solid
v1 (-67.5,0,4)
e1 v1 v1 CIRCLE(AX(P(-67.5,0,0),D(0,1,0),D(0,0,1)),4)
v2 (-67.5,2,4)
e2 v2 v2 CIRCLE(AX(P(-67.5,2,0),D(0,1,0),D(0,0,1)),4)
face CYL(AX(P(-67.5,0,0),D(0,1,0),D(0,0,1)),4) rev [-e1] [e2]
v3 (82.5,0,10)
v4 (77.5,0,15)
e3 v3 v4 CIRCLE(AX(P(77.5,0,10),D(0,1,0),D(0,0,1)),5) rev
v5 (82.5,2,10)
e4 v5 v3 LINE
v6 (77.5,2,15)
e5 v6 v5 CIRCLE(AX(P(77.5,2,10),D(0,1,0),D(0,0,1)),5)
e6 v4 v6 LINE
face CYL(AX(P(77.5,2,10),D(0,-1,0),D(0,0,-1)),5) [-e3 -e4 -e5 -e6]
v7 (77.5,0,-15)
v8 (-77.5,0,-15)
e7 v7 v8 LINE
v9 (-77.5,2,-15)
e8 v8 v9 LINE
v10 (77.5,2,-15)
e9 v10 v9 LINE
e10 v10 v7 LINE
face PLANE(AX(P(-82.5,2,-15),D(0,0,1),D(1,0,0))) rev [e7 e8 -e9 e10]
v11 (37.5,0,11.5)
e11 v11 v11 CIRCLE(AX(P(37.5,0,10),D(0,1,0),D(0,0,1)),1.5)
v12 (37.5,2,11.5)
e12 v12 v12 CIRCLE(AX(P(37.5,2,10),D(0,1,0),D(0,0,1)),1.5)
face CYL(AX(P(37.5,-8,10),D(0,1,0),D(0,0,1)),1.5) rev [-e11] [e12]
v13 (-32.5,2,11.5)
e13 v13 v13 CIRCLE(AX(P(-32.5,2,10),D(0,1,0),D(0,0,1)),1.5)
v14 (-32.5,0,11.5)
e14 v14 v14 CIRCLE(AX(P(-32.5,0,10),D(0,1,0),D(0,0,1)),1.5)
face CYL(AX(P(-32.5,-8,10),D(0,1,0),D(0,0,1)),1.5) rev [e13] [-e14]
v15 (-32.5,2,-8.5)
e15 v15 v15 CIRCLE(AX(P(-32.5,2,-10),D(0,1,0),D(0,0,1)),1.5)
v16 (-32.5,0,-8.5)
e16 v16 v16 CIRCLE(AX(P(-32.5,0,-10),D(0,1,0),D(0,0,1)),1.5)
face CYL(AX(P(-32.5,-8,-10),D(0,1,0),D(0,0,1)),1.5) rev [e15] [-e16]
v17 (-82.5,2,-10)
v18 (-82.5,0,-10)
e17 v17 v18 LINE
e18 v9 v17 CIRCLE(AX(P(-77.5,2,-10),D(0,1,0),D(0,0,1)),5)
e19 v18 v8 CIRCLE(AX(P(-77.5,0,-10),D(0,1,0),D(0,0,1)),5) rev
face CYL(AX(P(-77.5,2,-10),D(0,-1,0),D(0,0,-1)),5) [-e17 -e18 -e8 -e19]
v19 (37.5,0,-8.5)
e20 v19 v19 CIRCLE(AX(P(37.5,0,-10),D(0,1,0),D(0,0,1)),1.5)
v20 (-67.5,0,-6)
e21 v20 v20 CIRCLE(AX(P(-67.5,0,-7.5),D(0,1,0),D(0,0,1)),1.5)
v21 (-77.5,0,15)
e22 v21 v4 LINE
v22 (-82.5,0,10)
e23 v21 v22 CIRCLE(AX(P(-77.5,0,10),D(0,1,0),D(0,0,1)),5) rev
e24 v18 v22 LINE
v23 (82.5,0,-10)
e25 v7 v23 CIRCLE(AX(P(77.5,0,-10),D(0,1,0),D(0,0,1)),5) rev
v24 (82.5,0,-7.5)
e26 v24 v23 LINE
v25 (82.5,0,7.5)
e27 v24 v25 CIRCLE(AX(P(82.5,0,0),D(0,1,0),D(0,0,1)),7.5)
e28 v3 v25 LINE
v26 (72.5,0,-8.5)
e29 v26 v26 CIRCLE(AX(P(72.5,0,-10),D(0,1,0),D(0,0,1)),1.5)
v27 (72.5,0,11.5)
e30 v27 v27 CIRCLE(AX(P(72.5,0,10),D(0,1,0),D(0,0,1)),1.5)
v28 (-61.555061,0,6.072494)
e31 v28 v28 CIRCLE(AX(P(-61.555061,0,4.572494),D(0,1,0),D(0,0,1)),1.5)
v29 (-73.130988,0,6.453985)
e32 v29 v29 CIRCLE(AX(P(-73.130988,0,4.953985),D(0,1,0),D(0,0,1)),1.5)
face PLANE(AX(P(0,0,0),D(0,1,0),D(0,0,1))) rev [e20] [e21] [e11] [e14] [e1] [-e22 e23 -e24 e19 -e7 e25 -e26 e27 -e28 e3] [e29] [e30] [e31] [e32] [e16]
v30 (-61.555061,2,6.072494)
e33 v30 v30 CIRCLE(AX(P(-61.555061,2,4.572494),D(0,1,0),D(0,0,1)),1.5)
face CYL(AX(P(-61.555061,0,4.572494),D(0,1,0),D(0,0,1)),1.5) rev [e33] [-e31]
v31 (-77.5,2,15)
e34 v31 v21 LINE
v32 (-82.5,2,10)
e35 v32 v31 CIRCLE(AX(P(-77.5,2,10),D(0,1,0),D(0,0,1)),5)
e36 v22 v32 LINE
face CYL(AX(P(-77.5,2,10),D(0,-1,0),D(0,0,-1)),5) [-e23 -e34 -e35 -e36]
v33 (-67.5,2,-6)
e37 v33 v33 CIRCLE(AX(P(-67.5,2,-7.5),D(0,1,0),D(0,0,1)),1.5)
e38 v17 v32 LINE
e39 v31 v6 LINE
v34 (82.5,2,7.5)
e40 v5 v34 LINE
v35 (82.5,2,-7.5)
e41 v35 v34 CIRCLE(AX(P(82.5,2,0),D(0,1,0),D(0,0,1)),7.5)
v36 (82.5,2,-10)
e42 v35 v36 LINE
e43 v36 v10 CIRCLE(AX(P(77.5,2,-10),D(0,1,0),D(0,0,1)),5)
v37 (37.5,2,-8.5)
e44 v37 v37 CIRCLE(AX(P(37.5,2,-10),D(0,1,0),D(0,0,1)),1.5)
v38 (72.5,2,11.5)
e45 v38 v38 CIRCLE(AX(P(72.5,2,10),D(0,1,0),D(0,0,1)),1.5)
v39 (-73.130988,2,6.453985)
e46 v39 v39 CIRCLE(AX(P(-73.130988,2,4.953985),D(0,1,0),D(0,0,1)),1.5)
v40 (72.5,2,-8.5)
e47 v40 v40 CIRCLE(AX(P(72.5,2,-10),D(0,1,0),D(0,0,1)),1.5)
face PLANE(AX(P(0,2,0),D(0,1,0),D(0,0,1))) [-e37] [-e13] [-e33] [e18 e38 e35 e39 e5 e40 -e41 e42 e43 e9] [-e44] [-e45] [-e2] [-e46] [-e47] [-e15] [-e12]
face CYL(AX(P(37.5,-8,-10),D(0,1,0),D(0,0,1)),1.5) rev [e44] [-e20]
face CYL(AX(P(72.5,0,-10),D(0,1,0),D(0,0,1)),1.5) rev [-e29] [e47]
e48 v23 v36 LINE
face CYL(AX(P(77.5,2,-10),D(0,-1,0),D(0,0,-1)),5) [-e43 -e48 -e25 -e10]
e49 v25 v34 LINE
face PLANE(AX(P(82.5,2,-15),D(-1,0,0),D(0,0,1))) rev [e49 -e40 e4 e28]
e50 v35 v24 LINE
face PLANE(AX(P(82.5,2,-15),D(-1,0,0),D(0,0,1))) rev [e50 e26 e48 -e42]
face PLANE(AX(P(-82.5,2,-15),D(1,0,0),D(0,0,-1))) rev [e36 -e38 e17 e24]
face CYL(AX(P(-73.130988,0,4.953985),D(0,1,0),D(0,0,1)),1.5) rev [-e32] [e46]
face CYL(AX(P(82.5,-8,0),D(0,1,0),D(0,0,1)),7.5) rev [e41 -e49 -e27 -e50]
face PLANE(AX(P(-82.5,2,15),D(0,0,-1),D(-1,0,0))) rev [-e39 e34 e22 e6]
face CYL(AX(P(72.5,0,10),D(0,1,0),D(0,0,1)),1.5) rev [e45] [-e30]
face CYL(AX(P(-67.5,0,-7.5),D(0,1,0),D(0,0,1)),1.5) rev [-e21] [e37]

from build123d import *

# Parameters (mm, degrees)
SKETCH1_W           = 165
SKETCH1_H           = 30
BOSS_EXTRUDE1_DEPTH = 2
FILLET1_R           = 5
SKETCH3_R           = 4
SKETCH3_R_2         = 1.5
CUT_EXTRUDE1_DEPTH  = 2
SKETCH4_R           = 7.5
CUT_EXTRUDE2_DEPTH  = 10
SKETCH5_R           = 1.5
CUT_EXTRUDE3_DEPTH  = 10
SKETCH6_R           = 1.5
CUT_EXTRUDE4_DEPTH  = 84.876397157


with BuildPart() as part:
    # Sketch1 → Boss-Extrude1 (new body)
    with BuildSketch(Plane(origin=(0, 0, 0), x_dir=(1, 0, 0), z_dir=(0, 1, 0))):
        Rectangle(SKETCH1_W, SKETCH1_H)
    extrude(amount=BOSS_EXTRUDE1_DEPTH)

    # Fillet1
    fillet1_edges = [part.edges().sort_by_distance(p)[0] for p in [
        (82.5, 1, 15),
        (-82.5, 1, 15),
        (-82.5, 1, -15),
        (82.5, 1, -15),
    ]]
    fillet(fillet1_edges, radius=FILLET1_R)

    # Sketch3 → Cut-Extrude1 (cut)
    with BuildSketch(Plane(origin=(0, 2, 0), x_dir=(1, 0, 0), z_dir=(0, 1, 0))):
        with Locations(Location((-67.5, 0, 0), (0, 0, 270))):
            Circle(SKETCH3_R)
        with Locations(Location((-67.5, 7.5, 0), (0, 0, 270))):
            Circle(SKETCH3_R_2)
        with Locations(Location((-61.555061089, -4.572493996, 0), (0, 0, 270))):
            Circle(SKETCH3_R_2)
        with Locations(Location((-73.130988244, -4.953985406, 0), (0, 0, 270))):
            Circle(SKETCH3_R_2)
    extrude(amount=-CUT_EXTRUDE1_DEPTH, mode=Mode.SUBTRACT)

    # Sketch4 → Cut-Extrude2 (cut)
    with BuildSketch(Plane(origin=(0, 2, 0), x_dir=(1, 0, 0), z_dir=(0, 1, 0))):
        with Locations((82.5, 0)):
            Circle(SKETCH4_R)
    extrude(amount=-CUT_EXTRUDE2_DEPTH, mode=Mode.SUBTRACT)

    # Sketch5 → Cut-Extrude3 (cut)
    with BuildSketch(Plane(origin=(0, 2, 0), x_dir=(1, 0, 0), z_dir=(0, 1, 0))):
        with Locations(Location((-32.5, 10, 0), (0, 0, 270))):
            Circle(SKETCH5_R)
        with Locations(Location((37.5, 10, 0), (0, 0, 270))):
            Circle(SKETCH5_R)
        with Locations(Location((-32.5, -10, 0), (0, 0, 270))):
            Circle(SKETCH5_R)
        with Locations(Location((37.5, -10, 0), (0, 0, 270))):
            Circle(SKETCH5_R)
    extrude(amount=-CUT_EXTRUDE3_DEPTH, mode=Mode.SUBTRACT)

    # Sketch6 → Cut-Extrude4 (cut, through all)
    with BuildSketch(Plane(origin=(0, 2, 0), x_dir=(1, 0, 0), z_dir=(0, 1, 0))):
        with Locations(Location((72.5, 10, 0), (0, 0, 270))):
            Circle(SKETCH6_R)
        with Locations(Location((72.5, -10, 0), (0, 0, 270))):
            Circle(SKETCH6_R)
    extrude(amount=-CUT_EXTRUDE4_DEPTH, mode=Mode.SUBTRACT)


solid = part.part
